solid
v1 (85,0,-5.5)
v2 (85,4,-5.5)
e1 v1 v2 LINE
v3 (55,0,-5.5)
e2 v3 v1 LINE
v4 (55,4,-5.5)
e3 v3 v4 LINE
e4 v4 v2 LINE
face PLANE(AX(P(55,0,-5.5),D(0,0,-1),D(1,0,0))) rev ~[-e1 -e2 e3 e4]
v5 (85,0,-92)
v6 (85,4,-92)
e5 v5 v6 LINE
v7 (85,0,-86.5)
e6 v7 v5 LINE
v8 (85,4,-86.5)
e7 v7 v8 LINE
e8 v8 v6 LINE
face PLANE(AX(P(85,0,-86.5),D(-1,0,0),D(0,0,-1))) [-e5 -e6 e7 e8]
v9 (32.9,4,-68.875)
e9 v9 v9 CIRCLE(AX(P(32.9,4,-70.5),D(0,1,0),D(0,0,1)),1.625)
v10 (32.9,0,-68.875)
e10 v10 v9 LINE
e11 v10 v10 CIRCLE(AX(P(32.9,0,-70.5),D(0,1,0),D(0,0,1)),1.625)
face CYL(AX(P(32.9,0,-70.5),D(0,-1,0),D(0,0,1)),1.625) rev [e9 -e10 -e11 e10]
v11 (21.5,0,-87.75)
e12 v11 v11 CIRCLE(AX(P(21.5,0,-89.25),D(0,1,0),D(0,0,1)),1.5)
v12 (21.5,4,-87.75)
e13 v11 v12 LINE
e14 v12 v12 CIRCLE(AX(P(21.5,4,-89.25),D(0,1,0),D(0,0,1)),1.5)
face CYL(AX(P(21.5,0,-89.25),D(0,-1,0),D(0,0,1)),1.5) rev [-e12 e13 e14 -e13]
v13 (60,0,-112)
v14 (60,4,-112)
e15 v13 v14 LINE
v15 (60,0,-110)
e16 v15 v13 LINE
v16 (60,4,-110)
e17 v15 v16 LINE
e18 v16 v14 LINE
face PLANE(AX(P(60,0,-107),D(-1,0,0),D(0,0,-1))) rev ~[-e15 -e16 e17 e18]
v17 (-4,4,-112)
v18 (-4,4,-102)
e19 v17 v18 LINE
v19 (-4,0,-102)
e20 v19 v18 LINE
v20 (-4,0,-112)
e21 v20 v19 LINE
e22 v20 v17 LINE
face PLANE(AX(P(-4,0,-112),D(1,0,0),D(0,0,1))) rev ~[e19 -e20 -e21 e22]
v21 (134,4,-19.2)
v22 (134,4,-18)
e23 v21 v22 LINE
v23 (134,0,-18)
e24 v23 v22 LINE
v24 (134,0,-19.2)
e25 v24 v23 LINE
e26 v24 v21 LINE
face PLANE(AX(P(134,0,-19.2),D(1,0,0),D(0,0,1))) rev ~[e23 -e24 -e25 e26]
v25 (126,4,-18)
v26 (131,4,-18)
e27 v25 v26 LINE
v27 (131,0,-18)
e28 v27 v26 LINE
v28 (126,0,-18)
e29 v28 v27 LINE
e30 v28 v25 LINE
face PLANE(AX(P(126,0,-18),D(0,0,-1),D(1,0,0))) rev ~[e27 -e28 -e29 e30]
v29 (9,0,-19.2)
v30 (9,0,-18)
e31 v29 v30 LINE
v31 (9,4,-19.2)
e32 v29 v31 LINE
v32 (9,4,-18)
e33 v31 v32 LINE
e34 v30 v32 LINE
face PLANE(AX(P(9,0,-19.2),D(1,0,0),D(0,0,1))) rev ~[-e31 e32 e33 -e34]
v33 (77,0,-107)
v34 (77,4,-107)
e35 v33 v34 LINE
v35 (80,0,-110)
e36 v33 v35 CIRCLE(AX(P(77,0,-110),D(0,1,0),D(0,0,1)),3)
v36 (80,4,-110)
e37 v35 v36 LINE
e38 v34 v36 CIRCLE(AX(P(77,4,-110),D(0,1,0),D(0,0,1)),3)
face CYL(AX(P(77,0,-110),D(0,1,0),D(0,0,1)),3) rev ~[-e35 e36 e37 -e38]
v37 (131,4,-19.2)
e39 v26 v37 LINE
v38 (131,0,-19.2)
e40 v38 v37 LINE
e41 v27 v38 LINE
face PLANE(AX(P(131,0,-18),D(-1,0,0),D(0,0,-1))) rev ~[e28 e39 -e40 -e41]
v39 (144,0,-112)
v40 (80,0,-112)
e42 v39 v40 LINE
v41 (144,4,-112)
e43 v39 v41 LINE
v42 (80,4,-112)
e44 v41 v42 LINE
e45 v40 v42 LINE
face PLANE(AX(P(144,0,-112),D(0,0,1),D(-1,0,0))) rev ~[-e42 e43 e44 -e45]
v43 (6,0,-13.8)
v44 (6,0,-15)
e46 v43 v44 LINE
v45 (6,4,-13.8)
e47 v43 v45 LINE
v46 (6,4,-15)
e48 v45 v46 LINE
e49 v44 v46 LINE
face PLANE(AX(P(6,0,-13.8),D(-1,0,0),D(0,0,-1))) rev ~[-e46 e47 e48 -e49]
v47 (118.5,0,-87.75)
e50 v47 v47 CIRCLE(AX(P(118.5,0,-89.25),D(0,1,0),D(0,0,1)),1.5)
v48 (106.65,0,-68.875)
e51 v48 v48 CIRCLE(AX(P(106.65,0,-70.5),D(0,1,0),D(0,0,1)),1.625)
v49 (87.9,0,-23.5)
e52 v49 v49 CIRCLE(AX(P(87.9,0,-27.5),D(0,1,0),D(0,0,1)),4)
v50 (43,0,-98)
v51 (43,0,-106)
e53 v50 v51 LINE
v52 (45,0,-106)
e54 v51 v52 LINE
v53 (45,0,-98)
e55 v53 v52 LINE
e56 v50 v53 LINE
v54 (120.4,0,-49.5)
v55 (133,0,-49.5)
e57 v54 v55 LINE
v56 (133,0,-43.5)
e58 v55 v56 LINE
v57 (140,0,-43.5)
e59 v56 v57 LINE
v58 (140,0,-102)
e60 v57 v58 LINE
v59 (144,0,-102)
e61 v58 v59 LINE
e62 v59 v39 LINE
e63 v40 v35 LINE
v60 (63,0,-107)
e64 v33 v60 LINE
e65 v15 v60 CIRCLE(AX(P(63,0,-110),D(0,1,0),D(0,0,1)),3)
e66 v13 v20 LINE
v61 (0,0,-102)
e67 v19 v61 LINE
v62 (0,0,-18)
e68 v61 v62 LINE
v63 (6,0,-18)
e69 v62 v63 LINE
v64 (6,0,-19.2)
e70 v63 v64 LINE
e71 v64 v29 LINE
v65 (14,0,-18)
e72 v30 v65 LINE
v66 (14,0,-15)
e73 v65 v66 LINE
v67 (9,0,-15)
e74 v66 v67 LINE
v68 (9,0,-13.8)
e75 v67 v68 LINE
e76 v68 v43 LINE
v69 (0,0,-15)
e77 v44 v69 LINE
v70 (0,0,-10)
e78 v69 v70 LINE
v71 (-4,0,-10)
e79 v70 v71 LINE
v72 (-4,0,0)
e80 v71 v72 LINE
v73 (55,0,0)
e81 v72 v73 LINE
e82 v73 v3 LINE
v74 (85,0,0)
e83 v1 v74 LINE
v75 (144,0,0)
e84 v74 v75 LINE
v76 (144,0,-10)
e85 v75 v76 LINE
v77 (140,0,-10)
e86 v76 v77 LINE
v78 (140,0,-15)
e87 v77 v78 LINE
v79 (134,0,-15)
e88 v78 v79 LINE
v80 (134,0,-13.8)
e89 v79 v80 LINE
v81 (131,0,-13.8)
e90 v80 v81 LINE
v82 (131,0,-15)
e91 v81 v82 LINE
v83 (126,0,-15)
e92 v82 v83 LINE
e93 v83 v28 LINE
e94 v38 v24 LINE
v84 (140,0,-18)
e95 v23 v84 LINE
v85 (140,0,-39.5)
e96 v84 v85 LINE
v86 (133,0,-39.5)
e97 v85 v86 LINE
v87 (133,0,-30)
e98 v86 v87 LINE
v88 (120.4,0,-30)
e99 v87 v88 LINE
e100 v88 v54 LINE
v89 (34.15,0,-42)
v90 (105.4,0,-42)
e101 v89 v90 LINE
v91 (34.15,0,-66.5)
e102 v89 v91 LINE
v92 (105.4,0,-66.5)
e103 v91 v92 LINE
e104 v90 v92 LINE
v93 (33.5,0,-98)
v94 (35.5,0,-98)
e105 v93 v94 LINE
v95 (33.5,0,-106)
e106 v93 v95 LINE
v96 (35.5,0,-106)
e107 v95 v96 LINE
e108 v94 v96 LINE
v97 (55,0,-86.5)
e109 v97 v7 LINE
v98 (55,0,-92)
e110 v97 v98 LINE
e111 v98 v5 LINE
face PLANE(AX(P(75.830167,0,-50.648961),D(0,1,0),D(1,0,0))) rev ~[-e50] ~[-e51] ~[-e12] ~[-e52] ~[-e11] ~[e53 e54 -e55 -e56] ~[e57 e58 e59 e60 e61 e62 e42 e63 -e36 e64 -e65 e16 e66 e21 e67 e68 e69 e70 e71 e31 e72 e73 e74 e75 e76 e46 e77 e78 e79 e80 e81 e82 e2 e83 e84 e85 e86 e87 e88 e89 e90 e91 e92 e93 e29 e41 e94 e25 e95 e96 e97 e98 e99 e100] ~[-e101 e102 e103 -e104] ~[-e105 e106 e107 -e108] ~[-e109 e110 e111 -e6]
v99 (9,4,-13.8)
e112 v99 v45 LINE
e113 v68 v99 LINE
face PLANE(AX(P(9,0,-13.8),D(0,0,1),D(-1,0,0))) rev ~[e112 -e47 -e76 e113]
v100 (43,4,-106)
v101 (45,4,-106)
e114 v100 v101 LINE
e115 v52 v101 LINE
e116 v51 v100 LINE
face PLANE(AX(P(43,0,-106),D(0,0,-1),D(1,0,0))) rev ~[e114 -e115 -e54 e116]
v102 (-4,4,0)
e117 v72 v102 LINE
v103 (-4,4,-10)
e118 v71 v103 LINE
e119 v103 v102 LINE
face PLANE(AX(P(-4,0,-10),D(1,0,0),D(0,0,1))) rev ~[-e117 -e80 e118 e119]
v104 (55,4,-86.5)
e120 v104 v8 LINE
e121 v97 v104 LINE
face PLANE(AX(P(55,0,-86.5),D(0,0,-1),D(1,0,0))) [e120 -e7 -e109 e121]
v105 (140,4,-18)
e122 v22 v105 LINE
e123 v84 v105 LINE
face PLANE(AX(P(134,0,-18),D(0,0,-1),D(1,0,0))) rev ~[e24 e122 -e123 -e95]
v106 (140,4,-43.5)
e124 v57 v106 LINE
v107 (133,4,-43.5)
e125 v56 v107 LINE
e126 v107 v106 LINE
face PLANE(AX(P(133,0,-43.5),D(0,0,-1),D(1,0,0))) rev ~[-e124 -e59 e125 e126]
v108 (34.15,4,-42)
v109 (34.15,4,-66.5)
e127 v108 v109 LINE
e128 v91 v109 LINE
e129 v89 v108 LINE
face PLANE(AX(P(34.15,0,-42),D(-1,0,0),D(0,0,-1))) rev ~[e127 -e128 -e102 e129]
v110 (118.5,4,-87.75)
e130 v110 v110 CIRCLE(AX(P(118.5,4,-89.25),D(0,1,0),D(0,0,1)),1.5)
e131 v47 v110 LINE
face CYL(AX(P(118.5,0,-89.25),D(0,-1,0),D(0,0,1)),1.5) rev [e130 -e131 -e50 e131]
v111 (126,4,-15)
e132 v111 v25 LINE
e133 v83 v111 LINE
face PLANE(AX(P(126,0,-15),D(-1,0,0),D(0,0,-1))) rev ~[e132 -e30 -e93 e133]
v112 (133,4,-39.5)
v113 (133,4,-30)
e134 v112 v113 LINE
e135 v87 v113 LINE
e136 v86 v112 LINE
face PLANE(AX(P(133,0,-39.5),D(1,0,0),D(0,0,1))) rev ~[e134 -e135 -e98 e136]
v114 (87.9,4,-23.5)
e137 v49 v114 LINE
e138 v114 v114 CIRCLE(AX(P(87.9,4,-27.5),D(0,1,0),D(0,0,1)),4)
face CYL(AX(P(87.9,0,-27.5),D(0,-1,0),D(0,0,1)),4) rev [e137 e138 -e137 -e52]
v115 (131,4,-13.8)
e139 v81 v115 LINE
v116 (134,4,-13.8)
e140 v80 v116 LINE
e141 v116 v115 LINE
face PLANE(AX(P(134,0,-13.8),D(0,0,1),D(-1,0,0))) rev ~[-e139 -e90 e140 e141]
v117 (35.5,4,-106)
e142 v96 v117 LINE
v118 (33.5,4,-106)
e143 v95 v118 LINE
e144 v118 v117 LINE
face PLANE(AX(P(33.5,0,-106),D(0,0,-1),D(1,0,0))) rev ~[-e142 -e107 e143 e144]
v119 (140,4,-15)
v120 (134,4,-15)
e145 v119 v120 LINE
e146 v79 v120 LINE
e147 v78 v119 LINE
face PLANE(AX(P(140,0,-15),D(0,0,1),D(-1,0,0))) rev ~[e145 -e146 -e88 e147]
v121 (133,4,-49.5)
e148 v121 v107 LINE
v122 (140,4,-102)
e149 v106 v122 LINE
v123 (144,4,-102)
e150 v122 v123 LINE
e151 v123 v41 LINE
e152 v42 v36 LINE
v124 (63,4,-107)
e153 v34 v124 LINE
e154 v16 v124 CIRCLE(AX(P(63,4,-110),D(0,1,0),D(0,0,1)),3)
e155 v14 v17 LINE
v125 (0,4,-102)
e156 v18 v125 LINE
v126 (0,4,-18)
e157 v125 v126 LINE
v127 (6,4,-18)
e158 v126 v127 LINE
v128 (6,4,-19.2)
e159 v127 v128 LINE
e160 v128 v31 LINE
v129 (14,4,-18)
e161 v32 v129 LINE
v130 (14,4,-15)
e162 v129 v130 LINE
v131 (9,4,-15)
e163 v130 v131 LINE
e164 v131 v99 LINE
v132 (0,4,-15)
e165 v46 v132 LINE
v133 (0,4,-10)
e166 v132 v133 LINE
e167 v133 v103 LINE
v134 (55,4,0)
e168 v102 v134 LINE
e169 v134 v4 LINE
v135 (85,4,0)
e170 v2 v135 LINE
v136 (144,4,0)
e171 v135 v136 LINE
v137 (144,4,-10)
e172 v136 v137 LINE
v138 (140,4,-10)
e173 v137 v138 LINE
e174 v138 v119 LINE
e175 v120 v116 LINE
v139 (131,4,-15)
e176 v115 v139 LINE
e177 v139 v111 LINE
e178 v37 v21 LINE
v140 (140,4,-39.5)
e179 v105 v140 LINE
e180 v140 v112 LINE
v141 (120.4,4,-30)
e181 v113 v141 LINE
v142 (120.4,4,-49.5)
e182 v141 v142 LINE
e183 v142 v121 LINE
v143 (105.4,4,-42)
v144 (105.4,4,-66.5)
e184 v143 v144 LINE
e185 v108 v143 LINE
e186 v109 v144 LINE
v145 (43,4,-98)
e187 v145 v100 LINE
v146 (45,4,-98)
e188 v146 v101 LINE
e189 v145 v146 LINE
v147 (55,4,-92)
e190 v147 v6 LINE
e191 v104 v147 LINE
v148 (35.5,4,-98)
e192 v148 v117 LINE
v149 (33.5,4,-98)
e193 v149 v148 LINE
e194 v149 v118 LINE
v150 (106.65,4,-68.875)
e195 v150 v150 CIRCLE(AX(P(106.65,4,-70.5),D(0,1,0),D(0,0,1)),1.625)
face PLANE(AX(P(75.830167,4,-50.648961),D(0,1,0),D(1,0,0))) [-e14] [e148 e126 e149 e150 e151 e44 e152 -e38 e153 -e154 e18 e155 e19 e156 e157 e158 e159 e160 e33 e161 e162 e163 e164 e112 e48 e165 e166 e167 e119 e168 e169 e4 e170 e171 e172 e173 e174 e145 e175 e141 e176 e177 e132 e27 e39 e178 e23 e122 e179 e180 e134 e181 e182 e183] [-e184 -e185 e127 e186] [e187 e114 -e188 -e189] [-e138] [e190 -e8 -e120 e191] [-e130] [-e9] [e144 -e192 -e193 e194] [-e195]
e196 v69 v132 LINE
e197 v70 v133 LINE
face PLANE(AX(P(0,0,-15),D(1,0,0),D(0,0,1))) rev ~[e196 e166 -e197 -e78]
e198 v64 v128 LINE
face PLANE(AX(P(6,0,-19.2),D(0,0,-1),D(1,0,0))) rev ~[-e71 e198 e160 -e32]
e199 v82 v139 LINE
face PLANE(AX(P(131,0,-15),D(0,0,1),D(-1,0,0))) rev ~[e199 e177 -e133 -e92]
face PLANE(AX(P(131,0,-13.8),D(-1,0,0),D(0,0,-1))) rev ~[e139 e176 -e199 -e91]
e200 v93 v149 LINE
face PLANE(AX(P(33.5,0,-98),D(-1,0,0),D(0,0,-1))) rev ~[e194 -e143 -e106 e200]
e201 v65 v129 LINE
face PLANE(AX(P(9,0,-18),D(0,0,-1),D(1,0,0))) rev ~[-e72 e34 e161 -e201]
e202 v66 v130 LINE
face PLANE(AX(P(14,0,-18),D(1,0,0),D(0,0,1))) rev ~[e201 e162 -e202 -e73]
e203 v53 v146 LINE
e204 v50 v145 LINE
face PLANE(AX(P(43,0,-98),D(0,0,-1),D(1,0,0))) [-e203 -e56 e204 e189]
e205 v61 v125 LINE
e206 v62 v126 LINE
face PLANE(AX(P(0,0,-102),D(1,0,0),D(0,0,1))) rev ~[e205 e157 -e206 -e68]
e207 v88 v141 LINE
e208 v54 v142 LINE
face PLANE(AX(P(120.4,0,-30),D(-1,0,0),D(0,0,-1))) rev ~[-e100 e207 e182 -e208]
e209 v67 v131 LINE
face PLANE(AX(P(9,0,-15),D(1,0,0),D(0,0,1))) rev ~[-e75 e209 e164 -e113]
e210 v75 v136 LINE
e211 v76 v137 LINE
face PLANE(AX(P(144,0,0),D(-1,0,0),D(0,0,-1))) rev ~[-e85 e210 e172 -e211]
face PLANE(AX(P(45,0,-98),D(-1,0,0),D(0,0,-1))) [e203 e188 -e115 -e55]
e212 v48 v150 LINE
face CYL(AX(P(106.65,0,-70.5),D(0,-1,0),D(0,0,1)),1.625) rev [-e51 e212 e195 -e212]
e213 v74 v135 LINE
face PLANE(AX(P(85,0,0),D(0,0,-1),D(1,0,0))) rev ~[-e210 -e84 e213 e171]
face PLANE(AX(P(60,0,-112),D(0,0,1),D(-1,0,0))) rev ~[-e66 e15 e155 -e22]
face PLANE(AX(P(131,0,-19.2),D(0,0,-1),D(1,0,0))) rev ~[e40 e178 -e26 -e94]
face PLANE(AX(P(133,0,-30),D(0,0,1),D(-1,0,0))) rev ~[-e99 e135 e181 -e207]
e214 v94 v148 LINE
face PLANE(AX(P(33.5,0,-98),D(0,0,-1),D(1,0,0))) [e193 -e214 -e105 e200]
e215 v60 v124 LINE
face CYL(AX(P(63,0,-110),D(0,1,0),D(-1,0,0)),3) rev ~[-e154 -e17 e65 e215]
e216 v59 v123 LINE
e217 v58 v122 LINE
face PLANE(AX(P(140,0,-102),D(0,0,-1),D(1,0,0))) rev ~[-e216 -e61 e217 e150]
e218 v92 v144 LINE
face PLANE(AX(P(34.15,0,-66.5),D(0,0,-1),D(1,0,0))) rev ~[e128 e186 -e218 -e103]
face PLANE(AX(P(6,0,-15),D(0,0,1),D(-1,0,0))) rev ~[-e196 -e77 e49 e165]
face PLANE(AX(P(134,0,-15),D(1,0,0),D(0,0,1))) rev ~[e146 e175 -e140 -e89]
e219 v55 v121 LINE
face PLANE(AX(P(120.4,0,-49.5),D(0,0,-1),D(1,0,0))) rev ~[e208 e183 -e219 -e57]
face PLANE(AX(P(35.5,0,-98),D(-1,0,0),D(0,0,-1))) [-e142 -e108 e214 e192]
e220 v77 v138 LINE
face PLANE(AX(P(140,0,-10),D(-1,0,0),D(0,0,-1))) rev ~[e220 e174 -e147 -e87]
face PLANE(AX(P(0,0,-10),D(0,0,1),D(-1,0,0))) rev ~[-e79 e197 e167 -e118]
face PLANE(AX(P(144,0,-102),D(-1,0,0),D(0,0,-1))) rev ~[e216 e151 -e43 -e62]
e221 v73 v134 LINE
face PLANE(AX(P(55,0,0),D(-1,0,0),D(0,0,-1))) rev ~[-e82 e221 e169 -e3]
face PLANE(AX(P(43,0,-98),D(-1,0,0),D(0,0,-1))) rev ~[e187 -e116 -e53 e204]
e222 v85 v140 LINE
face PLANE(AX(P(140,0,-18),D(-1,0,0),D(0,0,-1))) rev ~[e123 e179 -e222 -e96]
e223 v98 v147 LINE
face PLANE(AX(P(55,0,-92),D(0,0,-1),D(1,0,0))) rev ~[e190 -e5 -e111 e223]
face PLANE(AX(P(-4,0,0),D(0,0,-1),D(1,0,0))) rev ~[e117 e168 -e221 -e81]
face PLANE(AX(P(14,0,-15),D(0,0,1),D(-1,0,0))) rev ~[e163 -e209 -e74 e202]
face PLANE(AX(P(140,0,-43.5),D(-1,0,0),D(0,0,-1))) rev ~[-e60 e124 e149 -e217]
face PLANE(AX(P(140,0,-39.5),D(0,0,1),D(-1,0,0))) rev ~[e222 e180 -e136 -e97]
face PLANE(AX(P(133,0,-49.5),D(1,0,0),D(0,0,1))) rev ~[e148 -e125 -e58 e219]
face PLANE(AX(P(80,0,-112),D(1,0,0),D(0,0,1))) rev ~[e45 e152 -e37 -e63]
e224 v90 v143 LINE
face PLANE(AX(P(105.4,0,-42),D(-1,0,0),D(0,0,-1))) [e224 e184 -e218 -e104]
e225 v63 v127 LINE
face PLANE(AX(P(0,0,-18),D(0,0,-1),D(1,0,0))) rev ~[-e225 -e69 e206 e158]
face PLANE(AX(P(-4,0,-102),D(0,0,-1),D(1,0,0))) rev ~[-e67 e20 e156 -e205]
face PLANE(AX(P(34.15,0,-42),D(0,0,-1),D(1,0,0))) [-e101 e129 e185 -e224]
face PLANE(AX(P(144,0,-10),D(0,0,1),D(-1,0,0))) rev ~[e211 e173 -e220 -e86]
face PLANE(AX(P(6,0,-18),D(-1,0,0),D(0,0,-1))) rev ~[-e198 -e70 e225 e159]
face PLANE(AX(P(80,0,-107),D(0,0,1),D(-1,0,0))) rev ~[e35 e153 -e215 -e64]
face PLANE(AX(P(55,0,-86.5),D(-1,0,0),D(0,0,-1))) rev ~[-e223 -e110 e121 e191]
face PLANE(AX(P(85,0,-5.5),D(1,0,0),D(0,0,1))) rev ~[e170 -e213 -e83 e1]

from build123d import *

# Parameters (mm, degrees)
SKETCH1_R           = 1.5
SKETCH1_R_2         = 4
SKETCH1_R_3         = 1.625
SKETCH1_W           = 30
SKETCH1_H           = 5.5
SKETCH1_W_2         = 2
SKETCH1_H_2         = 8
SKETCH1_W_3         = 71.25
SKETCH1_H_3         = 24.5
BOSS_EXTRUDE1_DEPTH = 4
FILLET1_R           = 3
FILLET2_R           = 3


with BuildPart() as part:
    # Sketch1 → Boss-Extrude1 (new body)
    with BuildSketch(Plane(origin=(0, 0, 0), x_dir=(1, 0, 0), z_dir=(0, 1, 0))):
        Polygon((85, 0), (140, 0), (144, 0), (144, 10), (140, 10), (140, 15), (134, 15), (134, 13.8), (131, 13.8), (131, 15), (126, 15), (126, 18), (131, 18), (131, 19.2), (134, 19.2), (134, 18), (140, 18), (140, 39.5), (133, 39.5), (133, 30), (120.4, 30), (120.4, 49.5), (133, 49.5), (133, 43.5), (140, 43.5), (140, 102), (144, 102), (144, 112), (140, 112), (80, 112), (80, 107), (60, 107), (60, 112), (0, 112), (-4, 112), (-4, 102), (0, 102), (0, 18), (6, 18), (6, 19.2), (9, 19.2), (9, 18), (14, 18), (14, 15), (9, 15), (9, 13.8), (6, 13.8), (6, 15), (0, 15), (0, 10), (-4, 10), (-4, 0), (0, 0), (55, 0), (55, 5.5), (85, 5.5), align=None)
        with Locations(Location((21.5, 89.25, 0), (0, 0, 270))):
            Circle(SKETCH1_R, mode=Mode.SUBTRACT)
        with Locations(Location((118.5, 89.25, 0), (0, 0, 270))):
            Circle(SKETCH1_R, mode=Mode.SUBTRACT)
        with Locations(Location((87.9, 27.5, 0), (0, 0, 270))):
            Circle(SKETCH1_R_2, mode=Mode.SUBTRACT)
        with Locations(Location((32.9, 70.5, 0), (0, 0, 270))):
            Circle(SKETCH1_R_3, mode=Mode.SUBTRACT)
        with Locations(Location((106.65, 70.5, 0), (0, 0, 270))):
            Circle(SKETCH1_R_3, mode=Mode.SUBTRACT)
        with Locations((70, 89.25)):
            Rectangle(SKETCH1_W, SKETCH1_H, mode=Mode.SUBTRACT)
        with Locations((34.5, 102)):
            Rectangle(SKETCH1_W_2, SKETCH1_H_2, mode=Mode.SUBTRACT)
        with Locations((44, 102)):
            Rectangle(SKETCH1_W_2, SKETCH1_H_2, mode=Mode.SUBTRACT)
        with Locations((69.775, 54.25)):
            Rectangle(SKETCH1_W_3, SKETCH1_H_3, mode=Mode.SUBTRACT)
    extrude(amount=BOSS_EXTRUDE1_DEPTH)

    # Fillet1
    fillet1_edges = [part.edges().sort_by_distance(p)[0] for p in [
        (60, 2, -107),
    ]]
    fillet(fillet1_edges, radius=FILLET1_R)

    # Fillet2
    fillet2_edges = [part.edges().sort_by_distance(p)[0] for p in [
        (80, 2, -107),
    ]]
    fillet(fillet2_edges, radius=FILLET2_R)


solid = part.part
